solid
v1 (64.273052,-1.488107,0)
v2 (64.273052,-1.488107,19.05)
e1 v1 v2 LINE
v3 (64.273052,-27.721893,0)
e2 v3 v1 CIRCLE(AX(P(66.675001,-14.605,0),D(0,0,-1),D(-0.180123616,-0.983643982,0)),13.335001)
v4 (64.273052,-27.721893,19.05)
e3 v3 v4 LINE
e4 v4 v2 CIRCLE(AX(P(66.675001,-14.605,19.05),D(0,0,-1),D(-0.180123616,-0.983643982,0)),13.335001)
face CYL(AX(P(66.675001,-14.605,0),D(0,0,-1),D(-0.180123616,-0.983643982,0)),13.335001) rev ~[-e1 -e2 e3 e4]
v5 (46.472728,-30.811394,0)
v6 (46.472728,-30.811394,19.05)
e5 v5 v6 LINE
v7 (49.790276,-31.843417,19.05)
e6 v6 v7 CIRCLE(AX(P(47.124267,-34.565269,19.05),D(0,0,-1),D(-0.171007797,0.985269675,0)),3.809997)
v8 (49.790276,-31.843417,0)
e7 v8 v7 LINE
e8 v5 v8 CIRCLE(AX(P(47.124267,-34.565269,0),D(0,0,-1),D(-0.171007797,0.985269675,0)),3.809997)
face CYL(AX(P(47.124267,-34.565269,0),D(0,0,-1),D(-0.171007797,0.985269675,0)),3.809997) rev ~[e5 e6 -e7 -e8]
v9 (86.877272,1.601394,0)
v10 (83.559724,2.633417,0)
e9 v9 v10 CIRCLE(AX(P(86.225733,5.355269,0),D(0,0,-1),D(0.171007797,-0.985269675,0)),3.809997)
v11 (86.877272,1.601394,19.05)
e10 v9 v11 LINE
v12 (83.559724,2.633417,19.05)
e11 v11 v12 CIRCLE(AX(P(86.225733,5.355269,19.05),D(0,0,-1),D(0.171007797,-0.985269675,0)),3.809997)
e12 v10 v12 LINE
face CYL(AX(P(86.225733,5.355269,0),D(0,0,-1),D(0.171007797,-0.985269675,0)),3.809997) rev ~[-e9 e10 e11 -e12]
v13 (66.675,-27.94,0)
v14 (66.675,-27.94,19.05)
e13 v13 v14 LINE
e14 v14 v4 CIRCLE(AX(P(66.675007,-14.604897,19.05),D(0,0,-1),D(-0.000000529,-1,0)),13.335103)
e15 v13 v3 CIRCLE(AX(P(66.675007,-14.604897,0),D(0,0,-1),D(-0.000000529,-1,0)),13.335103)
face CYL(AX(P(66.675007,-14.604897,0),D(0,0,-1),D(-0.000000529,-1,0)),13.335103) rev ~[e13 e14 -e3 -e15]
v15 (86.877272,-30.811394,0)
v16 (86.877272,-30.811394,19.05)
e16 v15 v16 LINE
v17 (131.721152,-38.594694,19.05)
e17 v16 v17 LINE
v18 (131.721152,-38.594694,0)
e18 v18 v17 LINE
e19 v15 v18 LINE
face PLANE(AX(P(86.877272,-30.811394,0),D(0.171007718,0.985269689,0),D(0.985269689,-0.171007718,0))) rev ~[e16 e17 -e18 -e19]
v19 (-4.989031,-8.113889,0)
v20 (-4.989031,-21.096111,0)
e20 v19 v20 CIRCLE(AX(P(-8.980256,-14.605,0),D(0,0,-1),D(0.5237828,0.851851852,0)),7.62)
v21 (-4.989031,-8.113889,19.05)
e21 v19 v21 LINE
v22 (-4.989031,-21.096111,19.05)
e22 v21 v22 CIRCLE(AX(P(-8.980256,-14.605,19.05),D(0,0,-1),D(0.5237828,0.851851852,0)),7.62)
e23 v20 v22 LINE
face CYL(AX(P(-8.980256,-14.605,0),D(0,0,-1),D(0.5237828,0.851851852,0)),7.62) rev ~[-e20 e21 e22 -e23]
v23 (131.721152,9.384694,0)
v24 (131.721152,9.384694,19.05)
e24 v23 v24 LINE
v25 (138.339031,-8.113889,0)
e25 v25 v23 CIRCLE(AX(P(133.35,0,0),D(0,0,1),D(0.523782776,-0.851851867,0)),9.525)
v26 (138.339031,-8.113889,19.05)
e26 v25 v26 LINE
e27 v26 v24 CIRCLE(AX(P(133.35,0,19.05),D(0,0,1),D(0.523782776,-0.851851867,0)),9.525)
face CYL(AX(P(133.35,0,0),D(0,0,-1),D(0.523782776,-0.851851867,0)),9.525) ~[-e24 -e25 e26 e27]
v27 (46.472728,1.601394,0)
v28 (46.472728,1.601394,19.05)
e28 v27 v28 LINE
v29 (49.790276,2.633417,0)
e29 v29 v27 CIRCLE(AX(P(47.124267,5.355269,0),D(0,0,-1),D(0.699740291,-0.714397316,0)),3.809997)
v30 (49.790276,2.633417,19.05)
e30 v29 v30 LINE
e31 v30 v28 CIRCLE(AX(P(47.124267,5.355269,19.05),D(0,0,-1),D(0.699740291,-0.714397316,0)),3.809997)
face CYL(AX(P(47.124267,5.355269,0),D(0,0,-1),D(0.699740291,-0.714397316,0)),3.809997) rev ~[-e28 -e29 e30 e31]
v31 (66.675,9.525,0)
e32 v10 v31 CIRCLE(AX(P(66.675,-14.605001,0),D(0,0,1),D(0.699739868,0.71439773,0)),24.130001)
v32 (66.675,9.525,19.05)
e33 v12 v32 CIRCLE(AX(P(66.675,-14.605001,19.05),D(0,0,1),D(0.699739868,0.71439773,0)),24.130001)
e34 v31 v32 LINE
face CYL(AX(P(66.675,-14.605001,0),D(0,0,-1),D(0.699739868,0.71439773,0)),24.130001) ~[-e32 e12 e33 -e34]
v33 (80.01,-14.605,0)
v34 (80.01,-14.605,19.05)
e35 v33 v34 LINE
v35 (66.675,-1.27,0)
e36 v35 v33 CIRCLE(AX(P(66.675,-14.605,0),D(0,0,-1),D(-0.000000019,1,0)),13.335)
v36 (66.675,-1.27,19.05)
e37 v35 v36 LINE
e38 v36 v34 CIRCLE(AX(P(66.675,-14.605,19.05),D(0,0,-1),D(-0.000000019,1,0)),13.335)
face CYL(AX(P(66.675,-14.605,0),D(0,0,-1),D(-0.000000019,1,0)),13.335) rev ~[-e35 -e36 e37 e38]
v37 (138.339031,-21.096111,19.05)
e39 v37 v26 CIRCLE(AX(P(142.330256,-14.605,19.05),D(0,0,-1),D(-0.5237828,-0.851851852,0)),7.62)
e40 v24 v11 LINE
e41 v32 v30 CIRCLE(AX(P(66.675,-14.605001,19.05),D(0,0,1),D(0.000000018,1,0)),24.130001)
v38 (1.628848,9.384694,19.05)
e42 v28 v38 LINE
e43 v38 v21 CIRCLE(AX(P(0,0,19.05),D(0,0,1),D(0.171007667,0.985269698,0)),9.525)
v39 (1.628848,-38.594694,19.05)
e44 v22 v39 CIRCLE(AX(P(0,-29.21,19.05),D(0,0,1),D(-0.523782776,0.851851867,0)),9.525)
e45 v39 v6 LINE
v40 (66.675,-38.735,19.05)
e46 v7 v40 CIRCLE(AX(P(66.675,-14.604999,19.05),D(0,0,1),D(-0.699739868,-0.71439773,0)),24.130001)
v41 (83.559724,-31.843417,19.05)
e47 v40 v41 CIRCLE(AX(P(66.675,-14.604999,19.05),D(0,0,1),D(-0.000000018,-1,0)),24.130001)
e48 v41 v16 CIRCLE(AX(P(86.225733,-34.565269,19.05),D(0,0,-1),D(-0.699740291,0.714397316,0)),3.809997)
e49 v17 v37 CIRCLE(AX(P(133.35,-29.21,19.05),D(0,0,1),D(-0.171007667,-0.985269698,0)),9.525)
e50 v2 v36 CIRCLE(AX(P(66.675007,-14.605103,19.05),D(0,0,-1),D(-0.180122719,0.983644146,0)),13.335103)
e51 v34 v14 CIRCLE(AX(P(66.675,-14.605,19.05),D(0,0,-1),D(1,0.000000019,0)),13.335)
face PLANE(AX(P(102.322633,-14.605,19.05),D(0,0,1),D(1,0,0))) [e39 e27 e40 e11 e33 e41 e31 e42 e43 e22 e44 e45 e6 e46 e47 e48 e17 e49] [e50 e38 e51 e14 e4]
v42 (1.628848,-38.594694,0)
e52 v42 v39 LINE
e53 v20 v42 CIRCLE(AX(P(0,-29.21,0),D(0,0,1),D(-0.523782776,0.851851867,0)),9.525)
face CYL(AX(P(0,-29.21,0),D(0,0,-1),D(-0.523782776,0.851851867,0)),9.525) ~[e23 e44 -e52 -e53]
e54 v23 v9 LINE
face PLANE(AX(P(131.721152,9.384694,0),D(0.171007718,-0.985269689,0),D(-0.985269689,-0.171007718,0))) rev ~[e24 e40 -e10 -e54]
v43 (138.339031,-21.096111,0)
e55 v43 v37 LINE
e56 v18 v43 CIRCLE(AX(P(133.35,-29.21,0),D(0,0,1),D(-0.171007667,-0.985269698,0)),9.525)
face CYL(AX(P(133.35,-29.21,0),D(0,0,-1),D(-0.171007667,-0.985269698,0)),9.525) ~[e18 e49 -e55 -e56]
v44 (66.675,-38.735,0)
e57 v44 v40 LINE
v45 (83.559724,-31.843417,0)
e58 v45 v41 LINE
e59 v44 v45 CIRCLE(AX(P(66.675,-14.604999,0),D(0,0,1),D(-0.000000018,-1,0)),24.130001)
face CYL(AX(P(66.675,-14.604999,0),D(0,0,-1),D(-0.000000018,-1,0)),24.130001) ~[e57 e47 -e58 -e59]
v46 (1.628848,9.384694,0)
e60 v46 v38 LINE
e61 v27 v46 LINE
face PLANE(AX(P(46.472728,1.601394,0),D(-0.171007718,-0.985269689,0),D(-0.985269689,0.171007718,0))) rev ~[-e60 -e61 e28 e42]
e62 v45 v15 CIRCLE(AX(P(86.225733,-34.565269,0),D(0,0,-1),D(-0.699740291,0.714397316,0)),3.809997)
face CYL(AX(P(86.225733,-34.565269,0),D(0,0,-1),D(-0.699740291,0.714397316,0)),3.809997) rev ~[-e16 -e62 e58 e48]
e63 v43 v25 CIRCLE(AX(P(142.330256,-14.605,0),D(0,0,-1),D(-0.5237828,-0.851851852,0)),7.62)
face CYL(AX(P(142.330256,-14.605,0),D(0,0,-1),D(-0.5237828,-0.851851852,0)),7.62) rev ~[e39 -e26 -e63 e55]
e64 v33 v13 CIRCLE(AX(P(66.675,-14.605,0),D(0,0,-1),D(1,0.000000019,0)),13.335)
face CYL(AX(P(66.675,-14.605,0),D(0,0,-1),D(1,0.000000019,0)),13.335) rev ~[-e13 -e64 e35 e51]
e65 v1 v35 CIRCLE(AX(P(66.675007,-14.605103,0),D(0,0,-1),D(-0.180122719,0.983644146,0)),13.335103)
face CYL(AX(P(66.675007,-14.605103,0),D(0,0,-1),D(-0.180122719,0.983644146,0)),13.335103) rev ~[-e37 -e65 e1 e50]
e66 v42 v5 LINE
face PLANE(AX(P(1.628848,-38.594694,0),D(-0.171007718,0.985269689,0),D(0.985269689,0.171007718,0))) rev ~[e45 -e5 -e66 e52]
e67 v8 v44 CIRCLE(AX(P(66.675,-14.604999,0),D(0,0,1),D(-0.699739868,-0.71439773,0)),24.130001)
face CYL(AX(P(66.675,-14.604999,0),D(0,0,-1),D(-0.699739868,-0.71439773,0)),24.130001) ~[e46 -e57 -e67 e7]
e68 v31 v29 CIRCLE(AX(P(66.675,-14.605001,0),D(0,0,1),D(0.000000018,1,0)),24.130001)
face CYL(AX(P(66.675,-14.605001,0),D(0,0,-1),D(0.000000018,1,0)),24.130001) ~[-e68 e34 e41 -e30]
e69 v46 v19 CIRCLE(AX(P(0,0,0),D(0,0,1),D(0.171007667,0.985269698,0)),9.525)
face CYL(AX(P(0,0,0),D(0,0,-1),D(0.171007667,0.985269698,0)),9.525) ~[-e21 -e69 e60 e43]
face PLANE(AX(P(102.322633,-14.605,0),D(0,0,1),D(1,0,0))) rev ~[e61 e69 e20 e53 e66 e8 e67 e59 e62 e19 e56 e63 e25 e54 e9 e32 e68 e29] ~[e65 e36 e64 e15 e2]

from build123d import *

# Parameters (mm, degrees)
F1_DEPTH = 19.05


with BuildPart() as f1:
    # F0 (on Top) → F1 (new body)
    with BuildSketch(Plane.XY):
        with BuildLine():
            ThreePointArc((83.559724, 2.633417), (75.793495, 7.735769), (66.675, 9.525))
            Line((66.675, 9.525), (66.675, -1.27))
            ThreePointArc((66.675, -1.27), (76.104269, -5.175731), (80.01, -14.605))
            ThreePointArc((80.01, -14.605), (76.104269, -24.034269), (66.675, -27.94))
            Line((66.675, -27.94), (66.675, -38.735))
            ThreePointArc((66.675, -38.735), (75.793495, -36.945769), (83.559724, -31.843417))
            ThreePointArc((83.559724, -31.843417), (85.094013, -30.927235), (86.877272, -30.811394))
            Line((86.877272, -30.811394), (131.721152, -38.594694))
            ThreePointArc((131.721152, -38.594694), (142.259142, -32.579394), (138.339031, -21.096111))
            ThreePointArc((138.339031, -21.096111), (134.710256, -14.605), (138.339031, -8.113889))
            ThreePointArc((138.339031, -8.113889), (142.259142, 3.369394), (131.721152, 9.384694))
            Line((131.721152, 9.384694), (86.877272, 1.601394))
            ThreePointArc((86.877272, 1.601394), (85.094013, 1.717235), (83.559724, 2.633417))
        make_face()
        with BuildLine():
            Line((46.472728, 1.601394), (1.628848, 9.384694))
            ThreePointArc((1.628848, 9.384694), (-8.909142, 3.369394), (-4.989031, -8.113889))
            ThreePointArc((-4.989031, -8.113889), (-1.360256, -14.605), (-4.989031, -21.096111))
            ThreePointArc((-4.989031, -21.096111), (-8.909142, -32.579394), (1.628848, -38.594694))
            Line((1.628848, -38.594694), (46.472728, -30.811394))
            ThreePointArc((46.472728, -30.811394), (48.255987, -30.927235), (49.790276, -31.843417))
            ThreePointArc((49.790276, -31.843417), (57.556505, -36.945769), (66.675, -38.735))
            Line((66.675, -38.735), (66.675, -27.94))
            ThreePointArc((66.675, -27.94), (65.469085, -27.885361), (64.273052, -27.721893))
            ThreePointArc((64.273052, -27.721893), (53.34, -14.605), (64.273052, -1.488107))
            ThreePointArc((64.273052, -1.488107), (65.469085, -1.324639), (66.675, -1.27))
            Line((66.675, -1.27), (66.675, 9.525))
            ThreePointArc((66.675, 9.525), (57.556505, 7.735769), (49.790276, 2.633417))
            ThreePointArc((49.790276, 2.633417), (48.255987, 1.717235), (46.472728, 1.601394))
        make_face()
    extrude(amount=F1_DEPTH)


solid = f1.part
